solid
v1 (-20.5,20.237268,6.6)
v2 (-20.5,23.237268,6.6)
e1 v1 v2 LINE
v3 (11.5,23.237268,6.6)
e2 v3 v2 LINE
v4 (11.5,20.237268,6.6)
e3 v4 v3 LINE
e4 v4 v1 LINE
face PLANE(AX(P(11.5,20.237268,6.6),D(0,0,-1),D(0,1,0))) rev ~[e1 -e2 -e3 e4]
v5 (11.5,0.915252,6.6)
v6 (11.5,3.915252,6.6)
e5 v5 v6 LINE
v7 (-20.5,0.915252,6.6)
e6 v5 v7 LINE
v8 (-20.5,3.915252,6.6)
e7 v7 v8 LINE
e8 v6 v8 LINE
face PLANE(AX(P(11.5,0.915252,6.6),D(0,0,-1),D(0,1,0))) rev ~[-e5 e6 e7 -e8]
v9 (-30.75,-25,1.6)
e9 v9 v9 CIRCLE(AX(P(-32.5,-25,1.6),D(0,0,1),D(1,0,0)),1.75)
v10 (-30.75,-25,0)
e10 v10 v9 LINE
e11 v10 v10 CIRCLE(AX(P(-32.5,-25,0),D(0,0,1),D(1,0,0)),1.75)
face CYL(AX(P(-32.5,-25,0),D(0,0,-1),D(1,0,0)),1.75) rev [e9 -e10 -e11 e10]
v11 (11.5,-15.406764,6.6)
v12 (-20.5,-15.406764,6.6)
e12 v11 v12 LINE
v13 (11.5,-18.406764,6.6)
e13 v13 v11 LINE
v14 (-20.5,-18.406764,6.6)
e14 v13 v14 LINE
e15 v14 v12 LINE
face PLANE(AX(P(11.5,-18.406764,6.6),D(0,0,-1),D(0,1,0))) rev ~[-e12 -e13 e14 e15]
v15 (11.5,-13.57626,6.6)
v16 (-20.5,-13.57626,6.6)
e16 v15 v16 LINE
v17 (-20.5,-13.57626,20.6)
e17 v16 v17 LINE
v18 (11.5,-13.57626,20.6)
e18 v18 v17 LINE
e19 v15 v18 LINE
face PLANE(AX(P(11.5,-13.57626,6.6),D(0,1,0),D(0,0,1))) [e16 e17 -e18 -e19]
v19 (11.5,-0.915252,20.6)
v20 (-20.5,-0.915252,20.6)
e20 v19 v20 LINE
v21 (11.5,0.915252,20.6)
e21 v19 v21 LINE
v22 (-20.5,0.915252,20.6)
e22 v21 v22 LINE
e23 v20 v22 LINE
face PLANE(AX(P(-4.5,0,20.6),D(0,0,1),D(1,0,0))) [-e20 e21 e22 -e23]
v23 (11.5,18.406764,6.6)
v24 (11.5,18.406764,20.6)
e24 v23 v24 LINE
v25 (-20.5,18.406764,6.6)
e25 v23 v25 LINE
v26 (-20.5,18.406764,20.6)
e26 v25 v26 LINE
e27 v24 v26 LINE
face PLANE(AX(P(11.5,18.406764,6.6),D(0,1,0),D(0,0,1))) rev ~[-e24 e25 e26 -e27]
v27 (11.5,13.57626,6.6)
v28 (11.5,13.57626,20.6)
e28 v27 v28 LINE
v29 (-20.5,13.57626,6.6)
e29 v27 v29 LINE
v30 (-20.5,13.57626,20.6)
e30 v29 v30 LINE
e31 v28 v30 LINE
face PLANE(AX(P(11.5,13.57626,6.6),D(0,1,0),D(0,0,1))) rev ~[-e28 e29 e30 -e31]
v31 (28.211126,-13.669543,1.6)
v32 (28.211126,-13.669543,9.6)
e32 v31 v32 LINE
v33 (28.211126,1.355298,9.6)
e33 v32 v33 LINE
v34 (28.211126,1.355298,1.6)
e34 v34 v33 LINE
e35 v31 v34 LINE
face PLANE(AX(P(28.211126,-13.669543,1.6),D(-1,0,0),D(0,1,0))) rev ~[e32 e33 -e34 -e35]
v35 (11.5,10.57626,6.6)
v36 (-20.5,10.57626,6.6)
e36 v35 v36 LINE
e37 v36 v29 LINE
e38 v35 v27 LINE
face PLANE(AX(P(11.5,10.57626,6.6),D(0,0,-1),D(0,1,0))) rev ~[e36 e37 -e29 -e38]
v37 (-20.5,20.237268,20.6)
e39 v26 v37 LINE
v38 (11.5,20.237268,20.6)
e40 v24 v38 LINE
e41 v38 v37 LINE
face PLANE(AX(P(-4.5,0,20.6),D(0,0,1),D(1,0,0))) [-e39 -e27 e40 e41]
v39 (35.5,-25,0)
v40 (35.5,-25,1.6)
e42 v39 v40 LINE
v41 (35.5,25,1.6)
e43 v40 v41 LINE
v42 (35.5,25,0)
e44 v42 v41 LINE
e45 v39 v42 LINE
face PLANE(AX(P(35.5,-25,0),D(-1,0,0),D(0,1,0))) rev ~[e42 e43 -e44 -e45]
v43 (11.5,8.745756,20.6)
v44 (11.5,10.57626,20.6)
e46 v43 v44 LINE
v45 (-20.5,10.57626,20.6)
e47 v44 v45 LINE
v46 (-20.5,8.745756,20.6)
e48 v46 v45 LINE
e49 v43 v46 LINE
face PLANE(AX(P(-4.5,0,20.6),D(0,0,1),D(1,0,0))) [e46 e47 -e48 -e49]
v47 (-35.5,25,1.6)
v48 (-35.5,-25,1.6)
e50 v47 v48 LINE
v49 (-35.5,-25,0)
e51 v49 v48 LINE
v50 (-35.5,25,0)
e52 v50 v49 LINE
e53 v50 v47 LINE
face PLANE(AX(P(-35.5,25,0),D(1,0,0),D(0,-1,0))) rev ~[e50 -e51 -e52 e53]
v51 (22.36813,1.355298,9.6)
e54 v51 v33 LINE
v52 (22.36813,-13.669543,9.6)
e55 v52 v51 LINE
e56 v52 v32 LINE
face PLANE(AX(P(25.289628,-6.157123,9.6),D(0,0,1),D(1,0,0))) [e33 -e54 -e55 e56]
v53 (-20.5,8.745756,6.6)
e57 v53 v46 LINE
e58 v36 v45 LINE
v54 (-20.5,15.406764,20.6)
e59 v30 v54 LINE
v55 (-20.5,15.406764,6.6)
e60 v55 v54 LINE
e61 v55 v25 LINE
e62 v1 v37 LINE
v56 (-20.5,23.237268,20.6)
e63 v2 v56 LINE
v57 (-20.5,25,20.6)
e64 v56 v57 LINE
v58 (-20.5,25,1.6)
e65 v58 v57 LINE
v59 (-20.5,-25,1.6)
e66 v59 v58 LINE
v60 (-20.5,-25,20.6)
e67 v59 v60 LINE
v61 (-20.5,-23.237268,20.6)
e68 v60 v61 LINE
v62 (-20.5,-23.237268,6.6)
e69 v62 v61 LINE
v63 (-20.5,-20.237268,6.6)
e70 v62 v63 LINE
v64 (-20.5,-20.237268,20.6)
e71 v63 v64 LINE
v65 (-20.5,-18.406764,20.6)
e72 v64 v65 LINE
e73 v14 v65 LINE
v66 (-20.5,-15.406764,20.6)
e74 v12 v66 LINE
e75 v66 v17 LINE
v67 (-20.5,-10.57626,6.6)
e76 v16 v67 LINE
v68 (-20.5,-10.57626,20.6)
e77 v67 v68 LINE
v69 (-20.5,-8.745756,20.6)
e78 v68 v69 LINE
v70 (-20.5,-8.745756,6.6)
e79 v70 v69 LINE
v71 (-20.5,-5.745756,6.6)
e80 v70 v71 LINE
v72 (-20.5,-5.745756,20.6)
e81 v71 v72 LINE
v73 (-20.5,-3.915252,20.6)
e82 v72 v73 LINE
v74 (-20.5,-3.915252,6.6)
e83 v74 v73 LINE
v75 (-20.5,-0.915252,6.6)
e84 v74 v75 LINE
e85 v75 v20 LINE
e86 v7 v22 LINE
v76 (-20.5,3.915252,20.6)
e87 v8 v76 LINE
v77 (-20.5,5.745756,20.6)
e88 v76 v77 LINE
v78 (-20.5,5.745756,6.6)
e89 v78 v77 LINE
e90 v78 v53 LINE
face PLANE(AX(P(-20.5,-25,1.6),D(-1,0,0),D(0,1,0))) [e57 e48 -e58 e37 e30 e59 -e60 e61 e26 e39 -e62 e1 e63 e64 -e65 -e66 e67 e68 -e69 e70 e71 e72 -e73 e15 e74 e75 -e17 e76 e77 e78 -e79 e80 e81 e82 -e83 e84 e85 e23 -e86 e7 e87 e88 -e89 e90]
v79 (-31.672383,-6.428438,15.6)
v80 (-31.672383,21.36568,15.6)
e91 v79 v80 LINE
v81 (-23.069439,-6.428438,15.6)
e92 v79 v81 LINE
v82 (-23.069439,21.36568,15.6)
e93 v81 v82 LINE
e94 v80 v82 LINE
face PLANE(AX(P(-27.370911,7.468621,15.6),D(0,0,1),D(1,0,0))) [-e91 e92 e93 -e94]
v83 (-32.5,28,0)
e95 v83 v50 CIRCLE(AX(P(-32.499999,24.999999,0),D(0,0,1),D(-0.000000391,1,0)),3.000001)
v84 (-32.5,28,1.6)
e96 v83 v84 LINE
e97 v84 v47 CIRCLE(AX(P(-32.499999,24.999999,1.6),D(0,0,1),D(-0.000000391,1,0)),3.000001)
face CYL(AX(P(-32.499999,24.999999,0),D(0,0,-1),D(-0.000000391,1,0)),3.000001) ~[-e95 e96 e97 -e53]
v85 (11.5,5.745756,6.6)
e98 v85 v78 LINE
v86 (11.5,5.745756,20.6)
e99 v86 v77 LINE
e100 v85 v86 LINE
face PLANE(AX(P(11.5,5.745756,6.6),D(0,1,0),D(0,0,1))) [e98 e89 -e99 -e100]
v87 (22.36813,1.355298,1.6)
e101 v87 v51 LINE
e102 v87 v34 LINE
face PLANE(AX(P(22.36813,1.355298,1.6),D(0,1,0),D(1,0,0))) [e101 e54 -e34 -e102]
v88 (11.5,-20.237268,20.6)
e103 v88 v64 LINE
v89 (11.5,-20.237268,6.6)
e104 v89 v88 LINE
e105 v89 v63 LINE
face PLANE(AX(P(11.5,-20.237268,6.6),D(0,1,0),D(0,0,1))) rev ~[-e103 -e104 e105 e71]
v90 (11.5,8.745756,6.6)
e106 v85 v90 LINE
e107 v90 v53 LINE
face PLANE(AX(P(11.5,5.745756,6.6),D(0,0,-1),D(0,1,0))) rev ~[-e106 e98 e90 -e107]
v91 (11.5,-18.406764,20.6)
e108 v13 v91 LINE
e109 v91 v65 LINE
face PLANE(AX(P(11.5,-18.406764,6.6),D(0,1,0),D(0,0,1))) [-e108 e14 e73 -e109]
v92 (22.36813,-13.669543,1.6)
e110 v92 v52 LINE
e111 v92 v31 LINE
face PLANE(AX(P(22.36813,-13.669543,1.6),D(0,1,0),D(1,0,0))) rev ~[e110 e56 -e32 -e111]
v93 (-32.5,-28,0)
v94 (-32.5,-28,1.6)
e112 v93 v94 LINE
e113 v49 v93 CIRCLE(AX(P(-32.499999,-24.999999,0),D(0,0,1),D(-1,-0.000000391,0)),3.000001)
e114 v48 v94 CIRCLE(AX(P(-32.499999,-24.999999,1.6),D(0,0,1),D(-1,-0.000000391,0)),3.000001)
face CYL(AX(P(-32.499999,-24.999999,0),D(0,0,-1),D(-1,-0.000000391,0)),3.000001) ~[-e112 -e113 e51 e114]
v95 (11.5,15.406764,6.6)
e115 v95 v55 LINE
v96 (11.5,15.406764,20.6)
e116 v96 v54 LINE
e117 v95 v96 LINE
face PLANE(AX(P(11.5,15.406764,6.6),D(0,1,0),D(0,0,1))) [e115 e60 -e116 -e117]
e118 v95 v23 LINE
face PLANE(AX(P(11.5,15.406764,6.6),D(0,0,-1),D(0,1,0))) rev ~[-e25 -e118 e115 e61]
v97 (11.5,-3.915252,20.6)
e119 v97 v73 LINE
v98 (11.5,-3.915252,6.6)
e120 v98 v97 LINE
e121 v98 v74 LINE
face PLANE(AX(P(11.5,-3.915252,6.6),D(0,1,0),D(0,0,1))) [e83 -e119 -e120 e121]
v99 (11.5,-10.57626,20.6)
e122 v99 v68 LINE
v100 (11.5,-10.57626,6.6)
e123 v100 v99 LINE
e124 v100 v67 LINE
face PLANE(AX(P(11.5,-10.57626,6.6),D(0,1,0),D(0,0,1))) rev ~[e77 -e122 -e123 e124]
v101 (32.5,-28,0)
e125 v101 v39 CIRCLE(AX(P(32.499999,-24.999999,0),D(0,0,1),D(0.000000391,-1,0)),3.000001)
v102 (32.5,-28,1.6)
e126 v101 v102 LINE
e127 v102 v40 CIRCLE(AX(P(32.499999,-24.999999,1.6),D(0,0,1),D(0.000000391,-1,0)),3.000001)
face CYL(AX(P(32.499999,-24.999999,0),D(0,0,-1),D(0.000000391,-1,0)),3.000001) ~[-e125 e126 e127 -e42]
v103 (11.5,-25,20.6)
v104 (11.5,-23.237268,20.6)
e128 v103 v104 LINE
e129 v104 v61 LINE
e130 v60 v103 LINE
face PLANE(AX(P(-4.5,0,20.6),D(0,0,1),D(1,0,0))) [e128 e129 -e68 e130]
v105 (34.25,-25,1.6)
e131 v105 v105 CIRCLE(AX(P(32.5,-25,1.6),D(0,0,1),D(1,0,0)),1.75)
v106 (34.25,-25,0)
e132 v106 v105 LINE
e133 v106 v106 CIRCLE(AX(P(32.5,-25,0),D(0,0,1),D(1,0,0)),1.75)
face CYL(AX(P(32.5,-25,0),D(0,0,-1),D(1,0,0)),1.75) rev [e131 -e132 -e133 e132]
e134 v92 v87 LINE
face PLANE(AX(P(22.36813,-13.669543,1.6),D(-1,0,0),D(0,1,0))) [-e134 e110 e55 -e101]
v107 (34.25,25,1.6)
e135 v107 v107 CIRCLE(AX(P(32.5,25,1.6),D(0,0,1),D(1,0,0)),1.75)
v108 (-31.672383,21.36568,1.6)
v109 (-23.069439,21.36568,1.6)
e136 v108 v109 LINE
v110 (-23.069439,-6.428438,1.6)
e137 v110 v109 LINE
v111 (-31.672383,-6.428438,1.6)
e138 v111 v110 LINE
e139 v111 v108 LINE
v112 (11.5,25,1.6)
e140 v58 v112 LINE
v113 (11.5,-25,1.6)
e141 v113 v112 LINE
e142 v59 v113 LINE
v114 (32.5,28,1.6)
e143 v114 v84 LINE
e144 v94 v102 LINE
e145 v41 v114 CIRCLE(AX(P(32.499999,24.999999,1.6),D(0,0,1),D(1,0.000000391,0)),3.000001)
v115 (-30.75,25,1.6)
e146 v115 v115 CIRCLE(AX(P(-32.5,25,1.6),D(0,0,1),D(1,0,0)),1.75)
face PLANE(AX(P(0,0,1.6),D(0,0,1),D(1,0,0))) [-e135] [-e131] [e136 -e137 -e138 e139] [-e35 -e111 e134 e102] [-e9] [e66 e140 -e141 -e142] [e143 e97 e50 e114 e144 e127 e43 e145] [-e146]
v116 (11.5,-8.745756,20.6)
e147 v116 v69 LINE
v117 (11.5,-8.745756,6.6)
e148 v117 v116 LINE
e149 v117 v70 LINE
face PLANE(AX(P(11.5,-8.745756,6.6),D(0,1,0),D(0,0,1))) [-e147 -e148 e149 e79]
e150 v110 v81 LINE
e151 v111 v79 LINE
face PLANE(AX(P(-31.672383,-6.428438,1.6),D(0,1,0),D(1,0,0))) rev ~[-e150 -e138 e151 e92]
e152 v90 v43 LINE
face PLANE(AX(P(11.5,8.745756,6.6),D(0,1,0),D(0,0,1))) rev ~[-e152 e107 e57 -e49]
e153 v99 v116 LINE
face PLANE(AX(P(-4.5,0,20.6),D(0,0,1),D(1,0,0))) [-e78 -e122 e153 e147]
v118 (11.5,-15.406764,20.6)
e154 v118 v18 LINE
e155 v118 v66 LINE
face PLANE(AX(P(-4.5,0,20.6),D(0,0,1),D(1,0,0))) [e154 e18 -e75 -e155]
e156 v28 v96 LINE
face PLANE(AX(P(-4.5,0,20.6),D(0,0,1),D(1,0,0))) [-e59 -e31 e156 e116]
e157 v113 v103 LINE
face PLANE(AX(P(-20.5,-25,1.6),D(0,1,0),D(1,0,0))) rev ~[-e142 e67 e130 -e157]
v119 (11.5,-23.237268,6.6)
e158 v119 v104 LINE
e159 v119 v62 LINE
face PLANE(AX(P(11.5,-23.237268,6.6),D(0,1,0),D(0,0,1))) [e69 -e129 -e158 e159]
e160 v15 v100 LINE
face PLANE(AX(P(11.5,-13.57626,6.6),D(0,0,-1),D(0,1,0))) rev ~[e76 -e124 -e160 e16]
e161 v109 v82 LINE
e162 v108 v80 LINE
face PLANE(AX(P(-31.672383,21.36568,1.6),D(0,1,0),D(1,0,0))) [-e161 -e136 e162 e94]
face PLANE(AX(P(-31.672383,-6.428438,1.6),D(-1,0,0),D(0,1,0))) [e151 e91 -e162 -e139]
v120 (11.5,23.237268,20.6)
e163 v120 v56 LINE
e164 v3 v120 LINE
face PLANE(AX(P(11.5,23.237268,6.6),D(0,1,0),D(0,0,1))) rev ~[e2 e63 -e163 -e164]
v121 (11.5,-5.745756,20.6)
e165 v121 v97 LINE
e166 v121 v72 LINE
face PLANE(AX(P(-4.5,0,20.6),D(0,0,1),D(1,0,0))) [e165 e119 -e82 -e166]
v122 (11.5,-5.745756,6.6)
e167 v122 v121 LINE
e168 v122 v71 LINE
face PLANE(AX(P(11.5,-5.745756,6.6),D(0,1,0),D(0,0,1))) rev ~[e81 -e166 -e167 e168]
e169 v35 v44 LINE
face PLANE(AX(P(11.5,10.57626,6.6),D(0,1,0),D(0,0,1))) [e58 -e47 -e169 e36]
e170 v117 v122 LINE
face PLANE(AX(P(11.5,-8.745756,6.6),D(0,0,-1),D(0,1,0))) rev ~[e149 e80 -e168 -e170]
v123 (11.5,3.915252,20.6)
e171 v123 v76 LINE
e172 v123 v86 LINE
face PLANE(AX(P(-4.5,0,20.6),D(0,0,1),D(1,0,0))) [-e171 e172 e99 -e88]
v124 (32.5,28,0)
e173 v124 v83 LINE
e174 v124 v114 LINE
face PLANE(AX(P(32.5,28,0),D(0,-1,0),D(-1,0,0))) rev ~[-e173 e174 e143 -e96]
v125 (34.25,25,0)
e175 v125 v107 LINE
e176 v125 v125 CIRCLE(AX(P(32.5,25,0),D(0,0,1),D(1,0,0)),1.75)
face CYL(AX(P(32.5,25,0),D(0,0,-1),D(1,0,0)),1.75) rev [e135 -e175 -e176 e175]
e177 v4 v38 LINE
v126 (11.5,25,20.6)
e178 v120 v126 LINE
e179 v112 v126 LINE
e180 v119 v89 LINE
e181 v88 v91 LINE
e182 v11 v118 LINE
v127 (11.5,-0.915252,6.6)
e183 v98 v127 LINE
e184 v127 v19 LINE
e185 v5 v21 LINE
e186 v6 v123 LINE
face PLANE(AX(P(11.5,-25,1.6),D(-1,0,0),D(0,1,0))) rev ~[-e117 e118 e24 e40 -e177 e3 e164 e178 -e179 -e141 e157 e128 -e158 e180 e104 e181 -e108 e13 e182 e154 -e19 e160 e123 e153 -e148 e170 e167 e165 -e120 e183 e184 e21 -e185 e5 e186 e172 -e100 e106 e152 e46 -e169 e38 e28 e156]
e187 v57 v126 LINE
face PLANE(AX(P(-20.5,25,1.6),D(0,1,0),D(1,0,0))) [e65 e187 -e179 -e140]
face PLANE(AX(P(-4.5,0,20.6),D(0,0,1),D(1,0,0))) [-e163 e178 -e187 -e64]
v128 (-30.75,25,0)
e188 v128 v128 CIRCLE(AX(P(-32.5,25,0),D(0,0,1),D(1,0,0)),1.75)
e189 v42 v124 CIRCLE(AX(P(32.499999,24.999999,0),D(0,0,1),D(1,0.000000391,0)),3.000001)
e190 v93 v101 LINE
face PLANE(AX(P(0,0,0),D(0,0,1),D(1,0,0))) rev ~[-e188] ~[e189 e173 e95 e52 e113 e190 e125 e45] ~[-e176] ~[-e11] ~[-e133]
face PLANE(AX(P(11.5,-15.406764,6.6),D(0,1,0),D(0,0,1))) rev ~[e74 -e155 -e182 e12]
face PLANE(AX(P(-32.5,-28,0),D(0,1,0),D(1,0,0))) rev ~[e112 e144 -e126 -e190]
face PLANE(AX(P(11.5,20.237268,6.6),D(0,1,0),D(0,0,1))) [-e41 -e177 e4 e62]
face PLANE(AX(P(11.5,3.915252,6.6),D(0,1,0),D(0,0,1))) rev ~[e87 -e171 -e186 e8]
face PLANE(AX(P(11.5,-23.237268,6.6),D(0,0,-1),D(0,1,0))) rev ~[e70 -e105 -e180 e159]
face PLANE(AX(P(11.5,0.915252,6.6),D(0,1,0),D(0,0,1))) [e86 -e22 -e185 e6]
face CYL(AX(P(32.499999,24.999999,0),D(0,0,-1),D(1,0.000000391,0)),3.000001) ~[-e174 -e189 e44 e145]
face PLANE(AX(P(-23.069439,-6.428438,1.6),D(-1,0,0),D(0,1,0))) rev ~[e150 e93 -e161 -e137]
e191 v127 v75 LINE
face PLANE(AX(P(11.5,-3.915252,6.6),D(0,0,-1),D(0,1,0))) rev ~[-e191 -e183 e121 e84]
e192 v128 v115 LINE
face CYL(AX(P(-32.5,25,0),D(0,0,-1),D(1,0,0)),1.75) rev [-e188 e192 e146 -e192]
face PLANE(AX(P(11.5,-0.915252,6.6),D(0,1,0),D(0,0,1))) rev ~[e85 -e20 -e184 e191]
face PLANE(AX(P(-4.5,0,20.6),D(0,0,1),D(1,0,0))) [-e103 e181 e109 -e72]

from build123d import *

# Parameters (mm, degrees)
F0_R     = 1.75
F1_DEPTH = 1.6
F2_W     = 5.842995
F2_H     = 15.024841
F3_DEPTH = 8
F4_W     = 32
F4_H     = 50
F5_DEPTH = 19
F6_W     = 3
F6_H     = 14
F7_DEPTH = 32
F8_W     = 8.602944
F8_H     = 27.794118
F9_DEPTH = 14


with BuildPart() as f1:
    # F0 (on Top) → F1 (new body)
    with BuildSketch(Plane.XY):
        with BuildLine():
            ThreePointArc((35.5, 25), (34.62132, 27.12132), (32.5, 28))
            Line((32.5, 28), (-32.5, 28))
            ThreePointArc((-32.5, 28), (-34.62132, 27.12132), (-35.5, 25))
            Line((-35.5, 25), (-35.5, -25))
            ThreePointArc((-35.5, -25), (-34.62132, -27.12132), (-32.5, -28))
            Line((-32.5, -28), (32.5, -28))
            ThreePointArc((32.5, -28), (34.62132, -27.12132), (35.5, -25))
            Line((35.5, -25), (35.5, 25))
        make_face()
        with Locations((-32.5, -25)):
            Circle(F0_R, mode=Mode.SUBTRACT)
        with Locations((32.5, -25)):
            Circle(F0_R, mode=Mode.SUBTRACT)
        with Locations((-32.5, 25)):
            Circle(F0_R, mode=Mode.SUBTRACT)
        with Locations((32.5, 25)):
            Circle(F0_R, mode=Mode.SUBTRACT)
    extrude(amount=F1_DEPTH)

    # F2 (on face) → F3 (join)
    with BuildSketch(Plane.XY.offset(1.6)):
        with Locations((25.289628, -6.157123)):
            Rectangle(F2_W, F2_H)
    extrude(amount=F3_DEPTH)

    # F4 (on face) → F5 (join)
    with BuildSketch(Plane.XY.offset(1.6)):
        with Locations((-4.5, 0)):
            Rectangle(F4_W, F4_H)
    extrude(amount=F5_DEPTH)

    # F6 (on face) → F7 (cut, through all)
    with BuildSketch(Plane.YZ.offset(11.5)):
        with Locations((-21.737268, 13.6)):
            Rectangle(F6_W, F6_H)
        with Locations((-16.906764, 13.6)):
            Rectangle(F6_W, F6_H)
        with Locations((-12.07626, 13.6)):
            Rectangle(F6_W, F6_H)
        with Locations((-7.245756, 13.6)):
            Rectangle(F6_W, F6_H)
        with Locations((-2.415252, 13.6)):
            Rectangle(F6_W, F6_H)
        with Locations((2.415252, 13.6)):
            Rectangle(F6_W, F6_H)
        with Locations((7.245756, 13.6)):
            Rectangle(F6_W, F6_H)
        with Locations((12.07626, 13.6)):
            Rectangle(F6_W, F6_H)
        with Locations((16.906764, 13.6)):
            Rectangle(F6_W, F6_H)
        with Locations((21.737268, 13.6)):
            Rectangle(F6_W, F6_H)
    extrude(amount=-F7_DEPTH, mode=Mode.SUBTRACT)

    # F8 (on face) → F9 (join)
    with BuildSketch(Plane.XY.offset(1.6)):
        with Locations((-27.370911, 7.468621)):
            Rectangle(F8_W, F8_H)
    extrude(amount=F9_DEPTH)


solid = f1.part
